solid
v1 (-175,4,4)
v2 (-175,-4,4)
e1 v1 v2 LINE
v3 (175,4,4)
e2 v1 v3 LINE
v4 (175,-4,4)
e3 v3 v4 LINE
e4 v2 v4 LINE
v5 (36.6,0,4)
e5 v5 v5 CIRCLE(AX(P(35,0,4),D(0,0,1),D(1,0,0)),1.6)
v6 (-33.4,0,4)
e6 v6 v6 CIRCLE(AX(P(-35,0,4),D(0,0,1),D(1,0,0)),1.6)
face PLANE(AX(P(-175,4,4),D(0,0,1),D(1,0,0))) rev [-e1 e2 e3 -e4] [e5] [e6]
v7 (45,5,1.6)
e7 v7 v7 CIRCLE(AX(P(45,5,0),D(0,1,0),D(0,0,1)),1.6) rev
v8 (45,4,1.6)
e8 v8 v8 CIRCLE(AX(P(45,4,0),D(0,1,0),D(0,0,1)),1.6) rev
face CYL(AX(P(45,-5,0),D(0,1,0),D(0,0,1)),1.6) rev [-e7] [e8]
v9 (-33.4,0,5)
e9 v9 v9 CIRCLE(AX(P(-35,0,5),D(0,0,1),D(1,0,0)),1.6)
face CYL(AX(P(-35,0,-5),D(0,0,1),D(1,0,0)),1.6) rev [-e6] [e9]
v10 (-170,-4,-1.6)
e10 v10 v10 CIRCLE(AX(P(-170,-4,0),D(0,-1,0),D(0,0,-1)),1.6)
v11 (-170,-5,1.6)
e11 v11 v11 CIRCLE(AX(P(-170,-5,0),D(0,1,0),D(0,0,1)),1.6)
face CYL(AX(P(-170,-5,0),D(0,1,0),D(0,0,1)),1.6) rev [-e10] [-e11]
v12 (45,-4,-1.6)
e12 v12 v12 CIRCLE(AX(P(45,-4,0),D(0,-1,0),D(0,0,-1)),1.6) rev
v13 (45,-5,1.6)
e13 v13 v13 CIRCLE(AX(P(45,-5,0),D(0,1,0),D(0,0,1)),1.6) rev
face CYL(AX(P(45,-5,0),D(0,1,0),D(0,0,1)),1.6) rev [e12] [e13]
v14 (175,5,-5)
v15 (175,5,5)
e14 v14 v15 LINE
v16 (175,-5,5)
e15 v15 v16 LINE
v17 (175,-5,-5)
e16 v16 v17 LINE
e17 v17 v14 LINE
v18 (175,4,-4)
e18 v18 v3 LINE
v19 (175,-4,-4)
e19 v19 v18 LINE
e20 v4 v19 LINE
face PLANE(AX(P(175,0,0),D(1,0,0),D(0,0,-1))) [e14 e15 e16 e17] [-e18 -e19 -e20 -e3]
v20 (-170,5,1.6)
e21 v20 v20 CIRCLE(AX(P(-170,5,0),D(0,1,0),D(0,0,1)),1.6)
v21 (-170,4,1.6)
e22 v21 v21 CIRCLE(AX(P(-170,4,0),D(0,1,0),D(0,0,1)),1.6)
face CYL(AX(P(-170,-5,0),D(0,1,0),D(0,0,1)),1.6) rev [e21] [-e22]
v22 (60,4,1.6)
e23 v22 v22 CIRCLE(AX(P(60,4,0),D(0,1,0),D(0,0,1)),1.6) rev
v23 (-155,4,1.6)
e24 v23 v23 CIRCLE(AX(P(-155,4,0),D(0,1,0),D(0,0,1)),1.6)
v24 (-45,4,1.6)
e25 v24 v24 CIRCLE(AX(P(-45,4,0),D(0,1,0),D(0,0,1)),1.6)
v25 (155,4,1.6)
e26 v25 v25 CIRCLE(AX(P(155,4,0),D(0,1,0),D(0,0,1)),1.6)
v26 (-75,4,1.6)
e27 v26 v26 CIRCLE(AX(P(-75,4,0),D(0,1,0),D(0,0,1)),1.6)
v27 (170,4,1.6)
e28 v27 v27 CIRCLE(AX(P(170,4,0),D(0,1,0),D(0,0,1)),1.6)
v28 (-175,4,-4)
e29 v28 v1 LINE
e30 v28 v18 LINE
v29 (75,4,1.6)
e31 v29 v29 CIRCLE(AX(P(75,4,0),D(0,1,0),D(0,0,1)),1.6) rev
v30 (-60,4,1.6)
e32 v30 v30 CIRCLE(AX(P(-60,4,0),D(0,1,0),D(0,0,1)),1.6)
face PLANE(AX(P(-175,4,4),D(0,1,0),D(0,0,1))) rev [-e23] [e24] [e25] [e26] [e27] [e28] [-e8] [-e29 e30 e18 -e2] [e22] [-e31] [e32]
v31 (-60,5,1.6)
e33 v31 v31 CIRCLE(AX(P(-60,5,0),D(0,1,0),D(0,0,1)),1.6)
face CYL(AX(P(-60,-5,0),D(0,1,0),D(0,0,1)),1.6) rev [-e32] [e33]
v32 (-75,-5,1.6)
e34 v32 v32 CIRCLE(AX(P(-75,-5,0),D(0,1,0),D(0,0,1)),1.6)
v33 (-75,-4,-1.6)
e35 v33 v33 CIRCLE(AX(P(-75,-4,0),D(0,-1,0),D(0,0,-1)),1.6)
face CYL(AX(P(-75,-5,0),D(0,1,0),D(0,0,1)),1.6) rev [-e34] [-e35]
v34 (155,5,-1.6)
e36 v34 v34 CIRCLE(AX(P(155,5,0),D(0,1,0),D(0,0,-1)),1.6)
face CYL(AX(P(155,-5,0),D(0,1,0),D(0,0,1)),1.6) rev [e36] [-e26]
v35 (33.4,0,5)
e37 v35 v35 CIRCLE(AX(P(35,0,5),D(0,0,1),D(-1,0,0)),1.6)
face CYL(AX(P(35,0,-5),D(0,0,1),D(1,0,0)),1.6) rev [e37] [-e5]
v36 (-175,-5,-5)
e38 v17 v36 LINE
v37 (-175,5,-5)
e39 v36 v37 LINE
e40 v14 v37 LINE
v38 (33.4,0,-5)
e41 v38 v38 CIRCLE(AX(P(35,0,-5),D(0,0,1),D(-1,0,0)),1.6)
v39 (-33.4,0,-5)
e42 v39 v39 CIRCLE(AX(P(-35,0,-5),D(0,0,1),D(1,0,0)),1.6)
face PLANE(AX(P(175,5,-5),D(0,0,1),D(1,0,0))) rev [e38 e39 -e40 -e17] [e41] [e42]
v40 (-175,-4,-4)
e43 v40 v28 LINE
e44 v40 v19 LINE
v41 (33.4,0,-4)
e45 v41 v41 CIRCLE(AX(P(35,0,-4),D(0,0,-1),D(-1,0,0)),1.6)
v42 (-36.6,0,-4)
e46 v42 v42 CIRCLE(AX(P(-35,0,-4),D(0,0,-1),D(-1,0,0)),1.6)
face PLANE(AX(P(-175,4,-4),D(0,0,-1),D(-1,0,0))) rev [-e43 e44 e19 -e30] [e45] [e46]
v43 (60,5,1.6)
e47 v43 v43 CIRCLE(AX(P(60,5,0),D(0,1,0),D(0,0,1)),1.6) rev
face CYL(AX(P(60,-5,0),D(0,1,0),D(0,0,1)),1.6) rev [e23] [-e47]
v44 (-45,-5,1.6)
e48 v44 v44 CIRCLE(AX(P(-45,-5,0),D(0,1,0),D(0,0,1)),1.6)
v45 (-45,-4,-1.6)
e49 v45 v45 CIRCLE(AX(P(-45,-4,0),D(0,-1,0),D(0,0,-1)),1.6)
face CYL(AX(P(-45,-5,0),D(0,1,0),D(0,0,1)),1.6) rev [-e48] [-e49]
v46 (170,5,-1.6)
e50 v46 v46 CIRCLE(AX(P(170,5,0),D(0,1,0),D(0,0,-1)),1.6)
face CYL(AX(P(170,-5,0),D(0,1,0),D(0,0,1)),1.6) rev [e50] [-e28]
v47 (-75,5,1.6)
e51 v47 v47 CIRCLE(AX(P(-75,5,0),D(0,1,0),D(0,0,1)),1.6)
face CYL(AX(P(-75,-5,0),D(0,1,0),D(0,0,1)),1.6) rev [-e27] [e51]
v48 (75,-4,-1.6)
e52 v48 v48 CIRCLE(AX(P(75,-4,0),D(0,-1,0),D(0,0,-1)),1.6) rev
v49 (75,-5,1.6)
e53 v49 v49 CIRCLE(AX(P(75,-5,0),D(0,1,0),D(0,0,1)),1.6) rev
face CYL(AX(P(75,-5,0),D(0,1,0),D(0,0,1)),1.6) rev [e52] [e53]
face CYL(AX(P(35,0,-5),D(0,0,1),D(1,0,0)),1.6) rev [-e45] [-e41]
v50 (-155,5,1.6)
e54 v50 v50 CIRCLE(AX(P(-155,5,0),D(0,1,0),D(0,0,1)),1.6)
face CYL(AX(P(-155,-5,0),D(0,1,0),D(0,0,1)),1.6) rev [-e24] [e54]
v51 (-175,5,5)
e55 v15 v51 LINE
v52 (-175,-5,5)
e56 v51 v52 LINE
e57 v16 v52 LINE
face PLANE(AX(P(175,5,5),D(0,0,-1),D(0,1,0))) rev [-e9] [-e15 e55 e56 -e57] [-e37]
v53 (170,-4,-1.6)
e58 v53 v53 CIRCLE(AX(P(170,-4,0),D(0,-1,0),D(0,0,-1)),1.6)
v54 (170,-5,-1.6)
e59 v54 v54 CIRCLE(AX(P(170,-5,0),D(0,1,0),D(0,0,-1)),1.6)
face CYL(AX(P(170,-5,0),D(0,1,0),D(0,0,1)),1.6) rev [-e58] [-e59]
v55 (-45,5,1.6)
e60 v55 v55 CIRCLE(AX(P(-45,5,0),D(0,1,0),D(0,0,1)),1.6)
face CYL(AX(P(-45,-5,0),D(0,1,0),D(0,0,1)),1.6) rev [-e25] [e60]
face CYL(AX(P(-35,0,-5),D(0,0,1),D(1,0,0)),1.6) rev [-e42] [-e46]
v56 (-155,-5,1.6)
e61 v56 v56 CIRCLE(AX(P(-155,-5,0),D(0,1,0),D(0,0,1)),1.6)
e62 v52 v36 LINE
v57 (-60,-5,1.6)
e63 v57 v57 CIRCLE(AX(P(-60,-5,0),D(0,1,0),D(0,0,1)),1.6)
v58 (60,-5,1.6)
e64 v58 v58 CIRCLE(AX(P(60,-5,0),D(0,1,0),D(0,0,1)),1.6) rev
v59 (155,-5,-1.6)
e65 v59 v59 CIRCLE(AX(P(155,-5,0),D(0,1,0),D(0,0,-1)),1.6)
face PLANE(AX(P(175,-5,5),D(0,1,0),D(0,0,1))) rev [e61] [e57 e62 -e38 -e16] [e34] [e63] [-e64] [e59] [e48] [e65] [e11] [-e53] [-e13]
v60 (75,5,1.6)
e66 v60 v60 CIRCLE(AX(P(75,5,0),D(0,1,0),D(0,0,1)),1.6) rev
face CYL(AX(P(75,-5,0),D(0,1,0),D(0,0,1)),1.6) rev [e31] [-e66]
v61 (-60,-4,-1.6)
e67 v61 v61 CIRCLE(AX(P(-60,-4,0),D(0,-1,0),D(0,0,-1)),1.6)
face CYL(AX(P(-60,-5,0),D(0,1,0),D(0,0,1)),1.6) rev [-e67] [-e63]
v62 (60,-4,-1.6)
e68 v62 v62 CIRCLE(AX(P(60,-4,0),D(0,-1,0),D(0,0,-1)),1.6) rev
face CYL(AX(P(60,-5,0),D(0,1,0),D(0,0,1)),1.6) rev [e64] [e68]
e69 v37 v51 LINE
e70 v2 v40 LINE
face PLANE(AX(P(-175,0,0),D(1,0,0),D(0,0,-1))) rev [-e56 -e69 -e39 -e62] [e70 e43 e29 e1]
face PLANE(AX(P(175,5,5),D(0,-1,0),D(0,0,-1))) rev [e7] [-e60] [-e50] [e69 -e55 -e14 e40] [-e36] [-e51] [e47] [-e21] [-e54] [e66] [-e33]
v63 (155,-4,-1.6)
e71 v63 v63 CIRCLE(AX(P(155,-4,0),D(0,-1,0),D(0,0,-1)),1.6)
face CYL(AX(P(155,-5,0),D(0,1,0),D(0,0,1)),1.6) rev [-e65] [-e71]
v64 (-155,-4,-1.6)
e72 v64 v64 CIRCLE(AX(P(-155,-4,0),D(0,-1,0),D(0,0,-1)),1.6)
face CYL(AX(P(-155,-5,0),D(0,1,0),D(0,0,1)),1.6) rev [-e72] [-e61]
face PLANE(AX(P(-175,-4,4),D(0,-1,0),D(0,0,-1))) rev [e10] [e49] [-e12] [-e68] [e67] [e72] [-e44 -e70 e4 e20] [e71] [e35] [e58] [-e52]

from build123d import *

# Parameters (mm, degrees)
SKETCH_1_W          = 10
SKETCH_1_H          = 10
EXTRUDE_1_DEPTH     = 175
SKETCH_2_W          = 8
SKETCH_2_H          = 8
CUT_EXTRUDE_1_DEPTH = 351.071421284
SKETCH_3_R          = 1.6
CUT_EXTRUDE_2_DEPTH = 176.356779168
SKETCH_4_R          = 1.6
CUT_EXTRUDE_3_DEPTH = 176.356779168
SKETCH_5_R          = 1.6
CUT_EXTRUDE_4_DEPTH = 176.356779168


with BuildPart() as part:
    # ｽｹｯﾁ1 → ﾎﾞｽ - 押し出し1 (new, symmetric)
    with BuildSketch(Plane(origin=(0, 0, 0), x_dir=(0, 0, -1), z_dir=(1, 0, 0))):
        Rectangle(SKETCH_1_W, SKETCH_1_H)
    extrude(amount=EXTRUDE_1_DEPTH, both=True)

    # ｽｹｯﾁ2 → ｶｯﾄ - 押し出し1 (cut, through all)
    with BuildSketch(Plane(origin=(175, 0, 0), x_dir=(0, 0, -1), z_dir=(1, 0, 0))):
        Rectangle(SKETCH_2_W, SKETCH_2_H)
    extrude(amount=-CUT_EXTRUDE_1_DEPTH, mode=Mode.SUBTRACT)

    # ｽｹｯﾁ3 → ｶｯﾄ - 押し出し2 (cut, through all)
    with BuildSketch(Plane(origin=(0, 5, 0), x_dir=(1, 0, 0), z_dir=(0, 1, 0))):
        with Locations((-170, 0)):
            Circle(SKETCH_3_R)
        with Locations((-155, 0)):
            Circle(SKETCH_3_R)
        with Locations((170, 0)):
            Circle(SKETCH_3_R)
        with Locations((155, 0)):
            Circle(SKETCH_3_R)
    extrude(amount=-CUT_EXTRUDE_2_DEPTH, mode=Mode.SUBTRACT)

    # ｽｹｯﾁ4 → ｶｯﾄ - 押し出し3 (cut, through all)
    with BuildSketch(Plane(origin=(0, 5, 0), x_dir=(1, 0, 0), z_dir=(0, 1, 0))):
        with Locations((-75, 0)):
            Circle(SKETCH_4_R)
        with Locations((-60, 0)):
            Circle(SKETCH_4_R)
        with Locations((-45, 0)):
            Circle(SKETCH_4_R)
        with Locations((45, 0)):
            Circle(SKETCH_4_R)
        with Locations((60, 0)):
            Circle(SKETCH_4_R)
        with Locations((75, 0)):
            Circle(SKETCH_4_R)
    extrude(amount=-CUT_EXTRUDE_3_DEPTH, mode=Mode.SUBTRACT)

    # ｽｹｯﾁ5 → ｶｯﾄ - 押し出し4 (cut, through all)
    with BuildSketch(Plane.XY.offset(5)):
        with Locations((-35, 0)):
            Circle(SKETCH_5_R)
        with Locations((35, 0)):
            Circle(SKETCH_5_R)
    extrude(amount=-CUT_EXTRUDE_4_DEPTH, mode=Mode.SUBTRACT)


solid = part.part
